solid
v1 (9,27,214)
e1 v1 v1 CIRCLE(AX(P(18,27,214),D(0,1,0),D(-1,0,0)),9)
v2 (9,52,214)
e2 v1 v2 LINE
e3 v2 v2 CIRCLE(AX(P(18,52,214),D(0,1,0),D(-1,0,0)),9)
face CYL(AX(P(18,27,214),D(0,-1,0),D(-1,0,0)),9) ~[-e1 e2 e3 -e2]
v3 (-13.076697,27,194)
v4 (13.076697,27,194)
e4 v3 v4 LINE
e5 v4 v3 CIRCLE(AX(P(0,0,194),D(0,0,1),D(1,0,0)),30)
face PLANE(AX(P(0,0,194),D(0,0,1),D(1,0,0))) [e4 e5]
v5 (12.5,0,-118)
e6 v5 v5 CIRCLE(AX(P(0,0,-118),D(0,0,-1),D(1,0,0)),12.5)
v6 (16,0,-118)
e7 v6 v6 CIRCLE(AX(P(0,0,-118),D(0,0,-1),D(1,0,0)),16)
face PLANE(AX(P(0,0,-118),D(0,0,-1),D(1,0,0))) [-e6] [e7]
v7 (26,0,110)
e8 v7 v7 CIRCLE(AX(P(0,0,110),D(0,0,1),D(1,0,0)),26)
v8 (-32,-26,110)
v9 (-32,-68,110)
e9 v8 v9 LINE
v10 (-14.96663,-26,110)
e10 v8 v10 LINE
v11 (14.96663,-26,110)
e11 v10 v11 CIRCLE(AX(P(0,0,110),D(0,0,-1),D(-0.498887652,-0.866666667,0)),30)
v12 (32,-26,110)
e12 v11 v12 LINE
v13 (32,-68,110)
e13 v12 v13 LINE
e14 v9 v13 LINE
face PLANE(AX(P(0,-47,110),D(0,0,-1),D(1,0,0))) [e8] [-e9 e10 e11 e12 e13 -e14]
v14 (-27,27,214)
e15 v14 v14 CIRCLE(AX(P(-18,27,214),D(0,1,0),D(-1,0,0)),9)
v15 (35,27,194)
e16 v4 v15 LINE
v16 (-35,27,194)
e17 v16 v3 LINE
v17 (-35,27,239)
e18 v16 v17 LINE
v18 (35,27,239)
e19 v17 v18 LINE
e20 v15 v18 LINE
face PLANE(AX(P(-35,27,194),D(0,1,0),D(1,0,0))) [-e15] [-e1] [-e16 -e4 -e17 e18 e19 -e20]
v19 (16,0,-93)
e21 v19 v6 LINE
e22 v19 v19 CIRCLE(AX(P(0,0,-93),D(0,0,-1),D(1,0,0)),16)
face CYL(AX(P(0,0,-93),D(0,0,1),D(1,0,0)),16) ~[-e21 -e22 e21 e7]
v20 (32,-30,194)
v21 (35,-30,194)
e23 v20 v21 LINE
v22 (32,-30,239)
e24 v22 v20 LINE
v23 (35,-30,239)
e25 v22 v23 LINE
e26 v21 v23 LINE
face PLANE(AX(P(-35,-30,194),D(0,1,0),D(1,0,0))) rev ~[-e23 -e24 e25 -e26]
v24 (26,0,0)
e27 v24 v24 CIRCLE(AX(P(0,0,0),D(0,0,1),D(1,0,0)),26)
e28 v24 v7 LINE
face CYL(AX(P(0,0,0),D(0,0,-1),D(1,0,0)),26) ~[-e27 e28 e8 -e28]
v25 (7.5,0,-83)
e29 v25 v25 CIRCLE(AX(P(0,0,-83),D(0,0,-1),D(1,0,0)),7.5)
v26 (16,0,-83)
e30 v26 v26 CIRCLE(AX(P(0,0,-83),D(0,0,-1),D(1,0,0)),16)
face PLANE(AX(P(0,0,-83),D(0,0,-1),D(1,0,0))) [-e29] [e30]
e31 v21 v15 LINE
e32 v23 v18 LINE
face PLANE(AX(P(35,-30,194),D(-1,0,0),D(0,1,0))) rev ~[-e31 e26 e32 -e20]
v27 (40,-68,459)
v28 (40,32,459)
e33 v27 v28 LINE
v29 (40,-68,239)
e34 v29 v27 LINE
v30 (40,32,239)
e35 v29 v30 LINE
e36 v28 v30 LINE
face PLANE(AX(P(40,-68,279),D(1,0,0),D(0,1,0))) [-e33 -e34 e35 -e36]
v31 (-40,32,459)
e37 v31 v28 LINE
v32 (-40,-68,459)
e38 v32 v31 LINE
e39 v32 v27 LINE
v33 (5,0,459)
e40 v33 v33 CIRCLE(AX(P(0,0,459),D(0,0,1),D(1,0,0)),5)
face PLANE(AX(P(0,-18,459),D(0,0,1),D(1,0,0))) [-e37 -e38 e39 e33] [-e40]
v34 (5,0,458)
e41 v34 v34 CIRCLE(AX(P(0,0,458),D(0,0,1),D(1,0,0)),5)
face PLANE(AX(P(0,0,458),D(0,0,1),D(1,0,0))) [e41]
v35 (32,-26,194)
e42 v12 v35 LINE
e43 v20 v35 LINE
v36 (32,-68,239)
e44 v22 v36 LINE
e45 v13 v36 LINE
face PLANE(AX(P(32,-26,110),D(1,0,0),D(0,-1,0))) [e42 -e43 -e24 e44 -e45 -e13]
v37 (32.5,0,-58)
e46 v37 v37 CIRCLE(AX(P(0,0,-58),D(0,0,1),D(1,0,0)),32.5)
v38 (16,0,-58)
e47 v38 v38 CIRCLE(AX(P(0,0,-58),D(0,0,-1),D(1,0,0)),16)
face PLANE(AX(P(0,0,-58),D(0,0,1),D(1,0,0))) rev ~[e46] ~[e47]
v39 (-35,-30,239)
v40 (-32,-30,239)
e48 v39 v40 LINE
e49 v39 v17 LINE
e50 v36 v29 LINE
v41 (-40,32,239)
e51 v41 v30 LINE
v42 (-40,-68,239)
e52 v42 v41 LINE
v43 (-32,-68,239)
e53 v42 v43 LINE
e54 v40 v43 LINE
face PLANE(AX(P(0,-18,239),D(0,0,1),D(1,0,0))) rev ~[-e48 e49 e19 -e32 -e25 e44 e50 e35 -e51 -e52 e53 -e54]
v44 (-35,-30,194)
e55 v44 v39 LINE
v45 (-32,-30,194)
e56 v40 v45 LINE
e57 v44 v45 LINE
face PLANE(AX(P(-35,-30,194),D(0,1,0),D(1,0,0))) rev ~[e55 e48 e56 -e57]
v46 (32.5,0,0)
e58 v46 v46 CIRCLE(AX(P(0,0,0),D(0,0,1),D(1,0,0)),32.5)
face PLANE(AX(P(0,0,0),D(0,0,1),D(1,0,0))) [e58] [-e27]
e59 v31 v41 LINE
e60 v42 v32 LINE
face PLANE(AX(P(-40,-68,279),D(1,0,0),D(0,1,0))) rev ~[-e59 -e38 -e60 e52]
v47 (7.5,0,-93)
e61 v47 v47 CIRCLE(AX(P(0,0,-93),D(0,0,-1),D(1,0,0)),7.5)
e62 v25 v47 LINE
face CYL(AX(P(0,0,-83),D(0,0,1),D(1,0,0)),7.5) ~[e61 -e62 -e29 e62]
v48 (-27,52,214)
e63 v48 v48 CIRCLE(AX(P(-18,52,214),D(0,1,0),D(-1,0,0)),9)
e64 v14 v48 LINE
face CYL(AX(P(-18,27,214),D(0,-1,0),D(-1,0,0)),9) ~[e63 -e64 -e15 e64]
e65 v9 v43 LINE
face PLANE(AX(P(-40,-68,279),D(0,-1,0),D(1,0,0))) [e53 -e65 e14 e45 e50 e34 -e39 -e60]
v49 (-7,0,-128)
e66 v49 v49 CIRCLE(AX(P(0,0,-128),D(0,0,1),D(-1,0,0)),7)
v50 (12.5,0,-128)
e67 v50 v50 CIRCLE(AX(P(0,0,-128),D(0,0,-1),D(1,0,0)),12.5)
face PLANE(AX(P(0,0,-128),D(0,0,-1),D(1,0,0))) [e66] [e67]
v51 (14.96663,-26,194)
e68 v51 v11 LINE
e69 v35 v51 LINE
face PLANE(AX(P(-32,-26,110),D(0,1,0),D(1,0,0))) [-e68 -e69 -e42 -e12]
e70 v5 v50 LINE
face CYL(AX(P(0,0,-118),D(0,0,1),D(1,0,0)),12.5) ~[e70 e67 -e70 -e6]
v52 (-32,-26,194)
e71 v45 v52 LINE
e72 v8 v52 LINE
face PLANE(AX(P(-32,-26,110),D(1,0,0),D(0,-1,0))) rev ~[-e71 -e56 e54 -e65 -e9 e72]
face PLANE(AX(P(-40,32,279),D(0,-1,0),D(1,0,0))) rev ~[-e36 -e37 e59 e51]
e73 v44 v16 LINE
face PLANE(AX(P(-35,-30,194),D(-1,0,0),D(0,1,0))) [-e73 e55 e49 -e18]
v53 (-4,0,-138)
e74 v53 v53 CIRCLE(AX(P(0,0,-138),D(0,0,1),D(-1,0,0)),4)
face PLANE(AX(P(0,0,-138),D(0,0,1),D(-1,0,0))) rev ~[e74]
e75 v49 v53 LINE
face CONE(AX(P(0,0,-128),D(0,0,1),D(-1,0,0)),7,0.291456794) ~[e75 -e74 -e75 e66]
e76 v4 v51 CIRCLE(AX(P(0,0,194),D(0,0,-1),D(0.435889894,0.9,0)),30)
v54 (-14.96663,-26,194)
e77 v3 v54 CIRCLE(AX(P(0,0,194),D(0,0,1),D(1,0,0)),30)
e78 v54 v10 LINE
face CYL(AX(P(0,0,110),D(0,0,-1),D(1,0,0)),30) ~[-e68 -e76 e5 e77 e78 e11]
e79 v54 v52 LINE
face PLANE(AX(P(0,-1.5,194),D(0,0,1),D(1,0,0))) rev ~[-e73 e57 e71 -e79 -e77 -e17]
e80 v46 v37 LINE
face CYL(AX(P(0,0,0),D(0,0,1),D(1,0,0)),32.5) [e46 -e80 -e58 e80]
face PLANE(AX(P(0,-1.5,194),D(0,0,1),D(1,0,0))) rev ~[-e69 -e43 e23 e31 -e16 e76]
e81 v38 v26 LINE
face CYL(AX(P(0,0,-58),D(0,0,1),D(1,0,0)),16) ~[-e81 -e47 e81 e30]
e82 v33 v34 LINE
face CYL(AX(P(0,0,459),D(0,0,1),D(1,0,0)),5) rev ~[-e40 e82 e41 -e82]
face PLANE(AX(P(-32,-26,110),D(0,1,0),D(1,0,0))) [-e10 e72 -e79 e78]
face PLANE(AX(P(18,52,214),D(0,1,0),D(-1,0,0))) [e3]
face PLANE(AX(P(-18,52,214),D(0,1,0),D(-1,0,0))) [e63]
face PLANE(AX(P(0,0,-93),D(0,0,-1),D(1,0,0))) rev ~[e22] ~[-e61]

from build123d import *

# Parameters (mm, degrees)
F0_R           = 32.5
F1_DEPTH       = 58
F2_R           = 16
F3_DEPTH       = 25
F4_R           = 26
F5_DEPTH       = 110
F6_R           = 30
F7_DEPTH       = 84
F8_W           = 70
F8_H           = 57
F9_DEPTH       = 85
F10_W          = 64
F10_H          = 42
F11_DEPTH      = 169
F12_W          = 80
F12_H          = 100
F13_DEPTH      = 180
F13_DEPTH_BACK = 40
F14_R          = 9
F15_DEPTH      = 25
F16_R          = 7.5
F17_DEPTH      = 10
F18_R          = 16
F19_DEPTH      = 25
F20_R          = 12.5
F21_DEPTH      = 10
F24_R          = 5
F25_DEPTH      = 1


with BuildPart() as f1:
    # F0 (on Top) → F1 (new body)
    with BuildSketch(Plane.XY):
        Circle(F0_R)
    extrude(amount=-F1_DEPTH)

    # F4 (on Top) → F5 (join)
    with BuildSketch(Plane.XY):
        Circle(F4_R)
    extrude(amount=F5_DEPTH)

    # F6 (on face) → F7 (join)
    with BuildSketch(Plane.XY.offset(110)):
        Circle(F6_R)
    extrude(amount=F7_DEPTH)

    # F8 (on face) → F9 (join)
    with BuildSketch(Plane.XY.offset(194)):
        with Locations((0, -1.5)):
            Rectangle(F8_W, F8_H)
    extrude(amount=F9_DEPTH)

    # F10 (on face) → F11 (join, through all)
    with BuildSketch(Plane(origin=(0, 0, 110), x_dir=(1, 0, 0), z_dir=(0, 0, -1))):
        with Locations((0, 47)):
            Rectangle(F10_W, F10_H)
    extrude(amount=-F11_DEPTH)

    # F12 (on face) → F13 (join, two sides)
    with BuildSketch(Plane.XY.offset(279)) as f13_sk:
        with Locations((0, -18)):
            Rectangle(F12_W, F12_H)
    extrude(amount=F13_DEPTH)
    extrude(f13_sk.sketch, amount=-F13_DEPTH_BACK)

    # F14 (on face) → F15 (join)
    with BuildSketch(Plane(origin=(0, 27, 0), x_dir=(-1, 0, 0), z_dir=(0, 1, 0))):
        with Locations((18, 214)):
            Circle(F14_R)
        with Locations((-18, 214)):
            Circle(F14_R)
    extrude(amount=F15_DEPTH)



with BuildPart() as f3:
    # F2 (on face) → F3 (new body)
    with BuildSketch(Plane(origin=(0, 0, -93), x_dir=(1, 0, 0), z_dir=(0, 0, -1))):
        Circle(F2_R)
    extrude(amount=F3_DEPTH)

    # F16 (on face) → F17 (join)
    with BuildSketch(Plane(origin=(0, 0, -83), x_dir=(1, 0, 0), z_dir=(0, 0, -1))):
        Circle(F16_R)
    extrude(amount=F17_DEPTH)


with BuildPart() as f1_1:
    add(f1.part)

    add(f3.part)  # F19 merges F3
    # F18 (on face) → F19 (join)
    with BuildSketch(Plane(origin=(0, 0, -58), x_dir=(1, 0, 0), z_dir=(0, 0, -1))):
        Circle(F18_R)
    extrude(amount=F19_DEPTH)

    # F20 (on face) → F21 (join)
    with BuildSketch(Plane(origin=(0, 0, -118), x_dir=(1, 0, 0), z_dir=(0, 0, -1))):
        Circle(F20_R)
    extrude(amount=F21_DEPTH)

    # F22 (on Front) → F23 (revolve)
    with BuildSketch(Plane.XZ):
        Polygon((0, -138), (0, -128), (-7, -128), (-4, -138), align=None)
    revolve(axis=Axis((0, 0, -93), (0, 0, 1)))

    # F24 (on face) → F25 (cut)
    with BuildSketch(Plane.XY.offset(459)):
        Circle(F24_R)
    extrude(amount=-F25_DEPTH, mode=Mode.SUBTRACT)


solid = f1_1.part
